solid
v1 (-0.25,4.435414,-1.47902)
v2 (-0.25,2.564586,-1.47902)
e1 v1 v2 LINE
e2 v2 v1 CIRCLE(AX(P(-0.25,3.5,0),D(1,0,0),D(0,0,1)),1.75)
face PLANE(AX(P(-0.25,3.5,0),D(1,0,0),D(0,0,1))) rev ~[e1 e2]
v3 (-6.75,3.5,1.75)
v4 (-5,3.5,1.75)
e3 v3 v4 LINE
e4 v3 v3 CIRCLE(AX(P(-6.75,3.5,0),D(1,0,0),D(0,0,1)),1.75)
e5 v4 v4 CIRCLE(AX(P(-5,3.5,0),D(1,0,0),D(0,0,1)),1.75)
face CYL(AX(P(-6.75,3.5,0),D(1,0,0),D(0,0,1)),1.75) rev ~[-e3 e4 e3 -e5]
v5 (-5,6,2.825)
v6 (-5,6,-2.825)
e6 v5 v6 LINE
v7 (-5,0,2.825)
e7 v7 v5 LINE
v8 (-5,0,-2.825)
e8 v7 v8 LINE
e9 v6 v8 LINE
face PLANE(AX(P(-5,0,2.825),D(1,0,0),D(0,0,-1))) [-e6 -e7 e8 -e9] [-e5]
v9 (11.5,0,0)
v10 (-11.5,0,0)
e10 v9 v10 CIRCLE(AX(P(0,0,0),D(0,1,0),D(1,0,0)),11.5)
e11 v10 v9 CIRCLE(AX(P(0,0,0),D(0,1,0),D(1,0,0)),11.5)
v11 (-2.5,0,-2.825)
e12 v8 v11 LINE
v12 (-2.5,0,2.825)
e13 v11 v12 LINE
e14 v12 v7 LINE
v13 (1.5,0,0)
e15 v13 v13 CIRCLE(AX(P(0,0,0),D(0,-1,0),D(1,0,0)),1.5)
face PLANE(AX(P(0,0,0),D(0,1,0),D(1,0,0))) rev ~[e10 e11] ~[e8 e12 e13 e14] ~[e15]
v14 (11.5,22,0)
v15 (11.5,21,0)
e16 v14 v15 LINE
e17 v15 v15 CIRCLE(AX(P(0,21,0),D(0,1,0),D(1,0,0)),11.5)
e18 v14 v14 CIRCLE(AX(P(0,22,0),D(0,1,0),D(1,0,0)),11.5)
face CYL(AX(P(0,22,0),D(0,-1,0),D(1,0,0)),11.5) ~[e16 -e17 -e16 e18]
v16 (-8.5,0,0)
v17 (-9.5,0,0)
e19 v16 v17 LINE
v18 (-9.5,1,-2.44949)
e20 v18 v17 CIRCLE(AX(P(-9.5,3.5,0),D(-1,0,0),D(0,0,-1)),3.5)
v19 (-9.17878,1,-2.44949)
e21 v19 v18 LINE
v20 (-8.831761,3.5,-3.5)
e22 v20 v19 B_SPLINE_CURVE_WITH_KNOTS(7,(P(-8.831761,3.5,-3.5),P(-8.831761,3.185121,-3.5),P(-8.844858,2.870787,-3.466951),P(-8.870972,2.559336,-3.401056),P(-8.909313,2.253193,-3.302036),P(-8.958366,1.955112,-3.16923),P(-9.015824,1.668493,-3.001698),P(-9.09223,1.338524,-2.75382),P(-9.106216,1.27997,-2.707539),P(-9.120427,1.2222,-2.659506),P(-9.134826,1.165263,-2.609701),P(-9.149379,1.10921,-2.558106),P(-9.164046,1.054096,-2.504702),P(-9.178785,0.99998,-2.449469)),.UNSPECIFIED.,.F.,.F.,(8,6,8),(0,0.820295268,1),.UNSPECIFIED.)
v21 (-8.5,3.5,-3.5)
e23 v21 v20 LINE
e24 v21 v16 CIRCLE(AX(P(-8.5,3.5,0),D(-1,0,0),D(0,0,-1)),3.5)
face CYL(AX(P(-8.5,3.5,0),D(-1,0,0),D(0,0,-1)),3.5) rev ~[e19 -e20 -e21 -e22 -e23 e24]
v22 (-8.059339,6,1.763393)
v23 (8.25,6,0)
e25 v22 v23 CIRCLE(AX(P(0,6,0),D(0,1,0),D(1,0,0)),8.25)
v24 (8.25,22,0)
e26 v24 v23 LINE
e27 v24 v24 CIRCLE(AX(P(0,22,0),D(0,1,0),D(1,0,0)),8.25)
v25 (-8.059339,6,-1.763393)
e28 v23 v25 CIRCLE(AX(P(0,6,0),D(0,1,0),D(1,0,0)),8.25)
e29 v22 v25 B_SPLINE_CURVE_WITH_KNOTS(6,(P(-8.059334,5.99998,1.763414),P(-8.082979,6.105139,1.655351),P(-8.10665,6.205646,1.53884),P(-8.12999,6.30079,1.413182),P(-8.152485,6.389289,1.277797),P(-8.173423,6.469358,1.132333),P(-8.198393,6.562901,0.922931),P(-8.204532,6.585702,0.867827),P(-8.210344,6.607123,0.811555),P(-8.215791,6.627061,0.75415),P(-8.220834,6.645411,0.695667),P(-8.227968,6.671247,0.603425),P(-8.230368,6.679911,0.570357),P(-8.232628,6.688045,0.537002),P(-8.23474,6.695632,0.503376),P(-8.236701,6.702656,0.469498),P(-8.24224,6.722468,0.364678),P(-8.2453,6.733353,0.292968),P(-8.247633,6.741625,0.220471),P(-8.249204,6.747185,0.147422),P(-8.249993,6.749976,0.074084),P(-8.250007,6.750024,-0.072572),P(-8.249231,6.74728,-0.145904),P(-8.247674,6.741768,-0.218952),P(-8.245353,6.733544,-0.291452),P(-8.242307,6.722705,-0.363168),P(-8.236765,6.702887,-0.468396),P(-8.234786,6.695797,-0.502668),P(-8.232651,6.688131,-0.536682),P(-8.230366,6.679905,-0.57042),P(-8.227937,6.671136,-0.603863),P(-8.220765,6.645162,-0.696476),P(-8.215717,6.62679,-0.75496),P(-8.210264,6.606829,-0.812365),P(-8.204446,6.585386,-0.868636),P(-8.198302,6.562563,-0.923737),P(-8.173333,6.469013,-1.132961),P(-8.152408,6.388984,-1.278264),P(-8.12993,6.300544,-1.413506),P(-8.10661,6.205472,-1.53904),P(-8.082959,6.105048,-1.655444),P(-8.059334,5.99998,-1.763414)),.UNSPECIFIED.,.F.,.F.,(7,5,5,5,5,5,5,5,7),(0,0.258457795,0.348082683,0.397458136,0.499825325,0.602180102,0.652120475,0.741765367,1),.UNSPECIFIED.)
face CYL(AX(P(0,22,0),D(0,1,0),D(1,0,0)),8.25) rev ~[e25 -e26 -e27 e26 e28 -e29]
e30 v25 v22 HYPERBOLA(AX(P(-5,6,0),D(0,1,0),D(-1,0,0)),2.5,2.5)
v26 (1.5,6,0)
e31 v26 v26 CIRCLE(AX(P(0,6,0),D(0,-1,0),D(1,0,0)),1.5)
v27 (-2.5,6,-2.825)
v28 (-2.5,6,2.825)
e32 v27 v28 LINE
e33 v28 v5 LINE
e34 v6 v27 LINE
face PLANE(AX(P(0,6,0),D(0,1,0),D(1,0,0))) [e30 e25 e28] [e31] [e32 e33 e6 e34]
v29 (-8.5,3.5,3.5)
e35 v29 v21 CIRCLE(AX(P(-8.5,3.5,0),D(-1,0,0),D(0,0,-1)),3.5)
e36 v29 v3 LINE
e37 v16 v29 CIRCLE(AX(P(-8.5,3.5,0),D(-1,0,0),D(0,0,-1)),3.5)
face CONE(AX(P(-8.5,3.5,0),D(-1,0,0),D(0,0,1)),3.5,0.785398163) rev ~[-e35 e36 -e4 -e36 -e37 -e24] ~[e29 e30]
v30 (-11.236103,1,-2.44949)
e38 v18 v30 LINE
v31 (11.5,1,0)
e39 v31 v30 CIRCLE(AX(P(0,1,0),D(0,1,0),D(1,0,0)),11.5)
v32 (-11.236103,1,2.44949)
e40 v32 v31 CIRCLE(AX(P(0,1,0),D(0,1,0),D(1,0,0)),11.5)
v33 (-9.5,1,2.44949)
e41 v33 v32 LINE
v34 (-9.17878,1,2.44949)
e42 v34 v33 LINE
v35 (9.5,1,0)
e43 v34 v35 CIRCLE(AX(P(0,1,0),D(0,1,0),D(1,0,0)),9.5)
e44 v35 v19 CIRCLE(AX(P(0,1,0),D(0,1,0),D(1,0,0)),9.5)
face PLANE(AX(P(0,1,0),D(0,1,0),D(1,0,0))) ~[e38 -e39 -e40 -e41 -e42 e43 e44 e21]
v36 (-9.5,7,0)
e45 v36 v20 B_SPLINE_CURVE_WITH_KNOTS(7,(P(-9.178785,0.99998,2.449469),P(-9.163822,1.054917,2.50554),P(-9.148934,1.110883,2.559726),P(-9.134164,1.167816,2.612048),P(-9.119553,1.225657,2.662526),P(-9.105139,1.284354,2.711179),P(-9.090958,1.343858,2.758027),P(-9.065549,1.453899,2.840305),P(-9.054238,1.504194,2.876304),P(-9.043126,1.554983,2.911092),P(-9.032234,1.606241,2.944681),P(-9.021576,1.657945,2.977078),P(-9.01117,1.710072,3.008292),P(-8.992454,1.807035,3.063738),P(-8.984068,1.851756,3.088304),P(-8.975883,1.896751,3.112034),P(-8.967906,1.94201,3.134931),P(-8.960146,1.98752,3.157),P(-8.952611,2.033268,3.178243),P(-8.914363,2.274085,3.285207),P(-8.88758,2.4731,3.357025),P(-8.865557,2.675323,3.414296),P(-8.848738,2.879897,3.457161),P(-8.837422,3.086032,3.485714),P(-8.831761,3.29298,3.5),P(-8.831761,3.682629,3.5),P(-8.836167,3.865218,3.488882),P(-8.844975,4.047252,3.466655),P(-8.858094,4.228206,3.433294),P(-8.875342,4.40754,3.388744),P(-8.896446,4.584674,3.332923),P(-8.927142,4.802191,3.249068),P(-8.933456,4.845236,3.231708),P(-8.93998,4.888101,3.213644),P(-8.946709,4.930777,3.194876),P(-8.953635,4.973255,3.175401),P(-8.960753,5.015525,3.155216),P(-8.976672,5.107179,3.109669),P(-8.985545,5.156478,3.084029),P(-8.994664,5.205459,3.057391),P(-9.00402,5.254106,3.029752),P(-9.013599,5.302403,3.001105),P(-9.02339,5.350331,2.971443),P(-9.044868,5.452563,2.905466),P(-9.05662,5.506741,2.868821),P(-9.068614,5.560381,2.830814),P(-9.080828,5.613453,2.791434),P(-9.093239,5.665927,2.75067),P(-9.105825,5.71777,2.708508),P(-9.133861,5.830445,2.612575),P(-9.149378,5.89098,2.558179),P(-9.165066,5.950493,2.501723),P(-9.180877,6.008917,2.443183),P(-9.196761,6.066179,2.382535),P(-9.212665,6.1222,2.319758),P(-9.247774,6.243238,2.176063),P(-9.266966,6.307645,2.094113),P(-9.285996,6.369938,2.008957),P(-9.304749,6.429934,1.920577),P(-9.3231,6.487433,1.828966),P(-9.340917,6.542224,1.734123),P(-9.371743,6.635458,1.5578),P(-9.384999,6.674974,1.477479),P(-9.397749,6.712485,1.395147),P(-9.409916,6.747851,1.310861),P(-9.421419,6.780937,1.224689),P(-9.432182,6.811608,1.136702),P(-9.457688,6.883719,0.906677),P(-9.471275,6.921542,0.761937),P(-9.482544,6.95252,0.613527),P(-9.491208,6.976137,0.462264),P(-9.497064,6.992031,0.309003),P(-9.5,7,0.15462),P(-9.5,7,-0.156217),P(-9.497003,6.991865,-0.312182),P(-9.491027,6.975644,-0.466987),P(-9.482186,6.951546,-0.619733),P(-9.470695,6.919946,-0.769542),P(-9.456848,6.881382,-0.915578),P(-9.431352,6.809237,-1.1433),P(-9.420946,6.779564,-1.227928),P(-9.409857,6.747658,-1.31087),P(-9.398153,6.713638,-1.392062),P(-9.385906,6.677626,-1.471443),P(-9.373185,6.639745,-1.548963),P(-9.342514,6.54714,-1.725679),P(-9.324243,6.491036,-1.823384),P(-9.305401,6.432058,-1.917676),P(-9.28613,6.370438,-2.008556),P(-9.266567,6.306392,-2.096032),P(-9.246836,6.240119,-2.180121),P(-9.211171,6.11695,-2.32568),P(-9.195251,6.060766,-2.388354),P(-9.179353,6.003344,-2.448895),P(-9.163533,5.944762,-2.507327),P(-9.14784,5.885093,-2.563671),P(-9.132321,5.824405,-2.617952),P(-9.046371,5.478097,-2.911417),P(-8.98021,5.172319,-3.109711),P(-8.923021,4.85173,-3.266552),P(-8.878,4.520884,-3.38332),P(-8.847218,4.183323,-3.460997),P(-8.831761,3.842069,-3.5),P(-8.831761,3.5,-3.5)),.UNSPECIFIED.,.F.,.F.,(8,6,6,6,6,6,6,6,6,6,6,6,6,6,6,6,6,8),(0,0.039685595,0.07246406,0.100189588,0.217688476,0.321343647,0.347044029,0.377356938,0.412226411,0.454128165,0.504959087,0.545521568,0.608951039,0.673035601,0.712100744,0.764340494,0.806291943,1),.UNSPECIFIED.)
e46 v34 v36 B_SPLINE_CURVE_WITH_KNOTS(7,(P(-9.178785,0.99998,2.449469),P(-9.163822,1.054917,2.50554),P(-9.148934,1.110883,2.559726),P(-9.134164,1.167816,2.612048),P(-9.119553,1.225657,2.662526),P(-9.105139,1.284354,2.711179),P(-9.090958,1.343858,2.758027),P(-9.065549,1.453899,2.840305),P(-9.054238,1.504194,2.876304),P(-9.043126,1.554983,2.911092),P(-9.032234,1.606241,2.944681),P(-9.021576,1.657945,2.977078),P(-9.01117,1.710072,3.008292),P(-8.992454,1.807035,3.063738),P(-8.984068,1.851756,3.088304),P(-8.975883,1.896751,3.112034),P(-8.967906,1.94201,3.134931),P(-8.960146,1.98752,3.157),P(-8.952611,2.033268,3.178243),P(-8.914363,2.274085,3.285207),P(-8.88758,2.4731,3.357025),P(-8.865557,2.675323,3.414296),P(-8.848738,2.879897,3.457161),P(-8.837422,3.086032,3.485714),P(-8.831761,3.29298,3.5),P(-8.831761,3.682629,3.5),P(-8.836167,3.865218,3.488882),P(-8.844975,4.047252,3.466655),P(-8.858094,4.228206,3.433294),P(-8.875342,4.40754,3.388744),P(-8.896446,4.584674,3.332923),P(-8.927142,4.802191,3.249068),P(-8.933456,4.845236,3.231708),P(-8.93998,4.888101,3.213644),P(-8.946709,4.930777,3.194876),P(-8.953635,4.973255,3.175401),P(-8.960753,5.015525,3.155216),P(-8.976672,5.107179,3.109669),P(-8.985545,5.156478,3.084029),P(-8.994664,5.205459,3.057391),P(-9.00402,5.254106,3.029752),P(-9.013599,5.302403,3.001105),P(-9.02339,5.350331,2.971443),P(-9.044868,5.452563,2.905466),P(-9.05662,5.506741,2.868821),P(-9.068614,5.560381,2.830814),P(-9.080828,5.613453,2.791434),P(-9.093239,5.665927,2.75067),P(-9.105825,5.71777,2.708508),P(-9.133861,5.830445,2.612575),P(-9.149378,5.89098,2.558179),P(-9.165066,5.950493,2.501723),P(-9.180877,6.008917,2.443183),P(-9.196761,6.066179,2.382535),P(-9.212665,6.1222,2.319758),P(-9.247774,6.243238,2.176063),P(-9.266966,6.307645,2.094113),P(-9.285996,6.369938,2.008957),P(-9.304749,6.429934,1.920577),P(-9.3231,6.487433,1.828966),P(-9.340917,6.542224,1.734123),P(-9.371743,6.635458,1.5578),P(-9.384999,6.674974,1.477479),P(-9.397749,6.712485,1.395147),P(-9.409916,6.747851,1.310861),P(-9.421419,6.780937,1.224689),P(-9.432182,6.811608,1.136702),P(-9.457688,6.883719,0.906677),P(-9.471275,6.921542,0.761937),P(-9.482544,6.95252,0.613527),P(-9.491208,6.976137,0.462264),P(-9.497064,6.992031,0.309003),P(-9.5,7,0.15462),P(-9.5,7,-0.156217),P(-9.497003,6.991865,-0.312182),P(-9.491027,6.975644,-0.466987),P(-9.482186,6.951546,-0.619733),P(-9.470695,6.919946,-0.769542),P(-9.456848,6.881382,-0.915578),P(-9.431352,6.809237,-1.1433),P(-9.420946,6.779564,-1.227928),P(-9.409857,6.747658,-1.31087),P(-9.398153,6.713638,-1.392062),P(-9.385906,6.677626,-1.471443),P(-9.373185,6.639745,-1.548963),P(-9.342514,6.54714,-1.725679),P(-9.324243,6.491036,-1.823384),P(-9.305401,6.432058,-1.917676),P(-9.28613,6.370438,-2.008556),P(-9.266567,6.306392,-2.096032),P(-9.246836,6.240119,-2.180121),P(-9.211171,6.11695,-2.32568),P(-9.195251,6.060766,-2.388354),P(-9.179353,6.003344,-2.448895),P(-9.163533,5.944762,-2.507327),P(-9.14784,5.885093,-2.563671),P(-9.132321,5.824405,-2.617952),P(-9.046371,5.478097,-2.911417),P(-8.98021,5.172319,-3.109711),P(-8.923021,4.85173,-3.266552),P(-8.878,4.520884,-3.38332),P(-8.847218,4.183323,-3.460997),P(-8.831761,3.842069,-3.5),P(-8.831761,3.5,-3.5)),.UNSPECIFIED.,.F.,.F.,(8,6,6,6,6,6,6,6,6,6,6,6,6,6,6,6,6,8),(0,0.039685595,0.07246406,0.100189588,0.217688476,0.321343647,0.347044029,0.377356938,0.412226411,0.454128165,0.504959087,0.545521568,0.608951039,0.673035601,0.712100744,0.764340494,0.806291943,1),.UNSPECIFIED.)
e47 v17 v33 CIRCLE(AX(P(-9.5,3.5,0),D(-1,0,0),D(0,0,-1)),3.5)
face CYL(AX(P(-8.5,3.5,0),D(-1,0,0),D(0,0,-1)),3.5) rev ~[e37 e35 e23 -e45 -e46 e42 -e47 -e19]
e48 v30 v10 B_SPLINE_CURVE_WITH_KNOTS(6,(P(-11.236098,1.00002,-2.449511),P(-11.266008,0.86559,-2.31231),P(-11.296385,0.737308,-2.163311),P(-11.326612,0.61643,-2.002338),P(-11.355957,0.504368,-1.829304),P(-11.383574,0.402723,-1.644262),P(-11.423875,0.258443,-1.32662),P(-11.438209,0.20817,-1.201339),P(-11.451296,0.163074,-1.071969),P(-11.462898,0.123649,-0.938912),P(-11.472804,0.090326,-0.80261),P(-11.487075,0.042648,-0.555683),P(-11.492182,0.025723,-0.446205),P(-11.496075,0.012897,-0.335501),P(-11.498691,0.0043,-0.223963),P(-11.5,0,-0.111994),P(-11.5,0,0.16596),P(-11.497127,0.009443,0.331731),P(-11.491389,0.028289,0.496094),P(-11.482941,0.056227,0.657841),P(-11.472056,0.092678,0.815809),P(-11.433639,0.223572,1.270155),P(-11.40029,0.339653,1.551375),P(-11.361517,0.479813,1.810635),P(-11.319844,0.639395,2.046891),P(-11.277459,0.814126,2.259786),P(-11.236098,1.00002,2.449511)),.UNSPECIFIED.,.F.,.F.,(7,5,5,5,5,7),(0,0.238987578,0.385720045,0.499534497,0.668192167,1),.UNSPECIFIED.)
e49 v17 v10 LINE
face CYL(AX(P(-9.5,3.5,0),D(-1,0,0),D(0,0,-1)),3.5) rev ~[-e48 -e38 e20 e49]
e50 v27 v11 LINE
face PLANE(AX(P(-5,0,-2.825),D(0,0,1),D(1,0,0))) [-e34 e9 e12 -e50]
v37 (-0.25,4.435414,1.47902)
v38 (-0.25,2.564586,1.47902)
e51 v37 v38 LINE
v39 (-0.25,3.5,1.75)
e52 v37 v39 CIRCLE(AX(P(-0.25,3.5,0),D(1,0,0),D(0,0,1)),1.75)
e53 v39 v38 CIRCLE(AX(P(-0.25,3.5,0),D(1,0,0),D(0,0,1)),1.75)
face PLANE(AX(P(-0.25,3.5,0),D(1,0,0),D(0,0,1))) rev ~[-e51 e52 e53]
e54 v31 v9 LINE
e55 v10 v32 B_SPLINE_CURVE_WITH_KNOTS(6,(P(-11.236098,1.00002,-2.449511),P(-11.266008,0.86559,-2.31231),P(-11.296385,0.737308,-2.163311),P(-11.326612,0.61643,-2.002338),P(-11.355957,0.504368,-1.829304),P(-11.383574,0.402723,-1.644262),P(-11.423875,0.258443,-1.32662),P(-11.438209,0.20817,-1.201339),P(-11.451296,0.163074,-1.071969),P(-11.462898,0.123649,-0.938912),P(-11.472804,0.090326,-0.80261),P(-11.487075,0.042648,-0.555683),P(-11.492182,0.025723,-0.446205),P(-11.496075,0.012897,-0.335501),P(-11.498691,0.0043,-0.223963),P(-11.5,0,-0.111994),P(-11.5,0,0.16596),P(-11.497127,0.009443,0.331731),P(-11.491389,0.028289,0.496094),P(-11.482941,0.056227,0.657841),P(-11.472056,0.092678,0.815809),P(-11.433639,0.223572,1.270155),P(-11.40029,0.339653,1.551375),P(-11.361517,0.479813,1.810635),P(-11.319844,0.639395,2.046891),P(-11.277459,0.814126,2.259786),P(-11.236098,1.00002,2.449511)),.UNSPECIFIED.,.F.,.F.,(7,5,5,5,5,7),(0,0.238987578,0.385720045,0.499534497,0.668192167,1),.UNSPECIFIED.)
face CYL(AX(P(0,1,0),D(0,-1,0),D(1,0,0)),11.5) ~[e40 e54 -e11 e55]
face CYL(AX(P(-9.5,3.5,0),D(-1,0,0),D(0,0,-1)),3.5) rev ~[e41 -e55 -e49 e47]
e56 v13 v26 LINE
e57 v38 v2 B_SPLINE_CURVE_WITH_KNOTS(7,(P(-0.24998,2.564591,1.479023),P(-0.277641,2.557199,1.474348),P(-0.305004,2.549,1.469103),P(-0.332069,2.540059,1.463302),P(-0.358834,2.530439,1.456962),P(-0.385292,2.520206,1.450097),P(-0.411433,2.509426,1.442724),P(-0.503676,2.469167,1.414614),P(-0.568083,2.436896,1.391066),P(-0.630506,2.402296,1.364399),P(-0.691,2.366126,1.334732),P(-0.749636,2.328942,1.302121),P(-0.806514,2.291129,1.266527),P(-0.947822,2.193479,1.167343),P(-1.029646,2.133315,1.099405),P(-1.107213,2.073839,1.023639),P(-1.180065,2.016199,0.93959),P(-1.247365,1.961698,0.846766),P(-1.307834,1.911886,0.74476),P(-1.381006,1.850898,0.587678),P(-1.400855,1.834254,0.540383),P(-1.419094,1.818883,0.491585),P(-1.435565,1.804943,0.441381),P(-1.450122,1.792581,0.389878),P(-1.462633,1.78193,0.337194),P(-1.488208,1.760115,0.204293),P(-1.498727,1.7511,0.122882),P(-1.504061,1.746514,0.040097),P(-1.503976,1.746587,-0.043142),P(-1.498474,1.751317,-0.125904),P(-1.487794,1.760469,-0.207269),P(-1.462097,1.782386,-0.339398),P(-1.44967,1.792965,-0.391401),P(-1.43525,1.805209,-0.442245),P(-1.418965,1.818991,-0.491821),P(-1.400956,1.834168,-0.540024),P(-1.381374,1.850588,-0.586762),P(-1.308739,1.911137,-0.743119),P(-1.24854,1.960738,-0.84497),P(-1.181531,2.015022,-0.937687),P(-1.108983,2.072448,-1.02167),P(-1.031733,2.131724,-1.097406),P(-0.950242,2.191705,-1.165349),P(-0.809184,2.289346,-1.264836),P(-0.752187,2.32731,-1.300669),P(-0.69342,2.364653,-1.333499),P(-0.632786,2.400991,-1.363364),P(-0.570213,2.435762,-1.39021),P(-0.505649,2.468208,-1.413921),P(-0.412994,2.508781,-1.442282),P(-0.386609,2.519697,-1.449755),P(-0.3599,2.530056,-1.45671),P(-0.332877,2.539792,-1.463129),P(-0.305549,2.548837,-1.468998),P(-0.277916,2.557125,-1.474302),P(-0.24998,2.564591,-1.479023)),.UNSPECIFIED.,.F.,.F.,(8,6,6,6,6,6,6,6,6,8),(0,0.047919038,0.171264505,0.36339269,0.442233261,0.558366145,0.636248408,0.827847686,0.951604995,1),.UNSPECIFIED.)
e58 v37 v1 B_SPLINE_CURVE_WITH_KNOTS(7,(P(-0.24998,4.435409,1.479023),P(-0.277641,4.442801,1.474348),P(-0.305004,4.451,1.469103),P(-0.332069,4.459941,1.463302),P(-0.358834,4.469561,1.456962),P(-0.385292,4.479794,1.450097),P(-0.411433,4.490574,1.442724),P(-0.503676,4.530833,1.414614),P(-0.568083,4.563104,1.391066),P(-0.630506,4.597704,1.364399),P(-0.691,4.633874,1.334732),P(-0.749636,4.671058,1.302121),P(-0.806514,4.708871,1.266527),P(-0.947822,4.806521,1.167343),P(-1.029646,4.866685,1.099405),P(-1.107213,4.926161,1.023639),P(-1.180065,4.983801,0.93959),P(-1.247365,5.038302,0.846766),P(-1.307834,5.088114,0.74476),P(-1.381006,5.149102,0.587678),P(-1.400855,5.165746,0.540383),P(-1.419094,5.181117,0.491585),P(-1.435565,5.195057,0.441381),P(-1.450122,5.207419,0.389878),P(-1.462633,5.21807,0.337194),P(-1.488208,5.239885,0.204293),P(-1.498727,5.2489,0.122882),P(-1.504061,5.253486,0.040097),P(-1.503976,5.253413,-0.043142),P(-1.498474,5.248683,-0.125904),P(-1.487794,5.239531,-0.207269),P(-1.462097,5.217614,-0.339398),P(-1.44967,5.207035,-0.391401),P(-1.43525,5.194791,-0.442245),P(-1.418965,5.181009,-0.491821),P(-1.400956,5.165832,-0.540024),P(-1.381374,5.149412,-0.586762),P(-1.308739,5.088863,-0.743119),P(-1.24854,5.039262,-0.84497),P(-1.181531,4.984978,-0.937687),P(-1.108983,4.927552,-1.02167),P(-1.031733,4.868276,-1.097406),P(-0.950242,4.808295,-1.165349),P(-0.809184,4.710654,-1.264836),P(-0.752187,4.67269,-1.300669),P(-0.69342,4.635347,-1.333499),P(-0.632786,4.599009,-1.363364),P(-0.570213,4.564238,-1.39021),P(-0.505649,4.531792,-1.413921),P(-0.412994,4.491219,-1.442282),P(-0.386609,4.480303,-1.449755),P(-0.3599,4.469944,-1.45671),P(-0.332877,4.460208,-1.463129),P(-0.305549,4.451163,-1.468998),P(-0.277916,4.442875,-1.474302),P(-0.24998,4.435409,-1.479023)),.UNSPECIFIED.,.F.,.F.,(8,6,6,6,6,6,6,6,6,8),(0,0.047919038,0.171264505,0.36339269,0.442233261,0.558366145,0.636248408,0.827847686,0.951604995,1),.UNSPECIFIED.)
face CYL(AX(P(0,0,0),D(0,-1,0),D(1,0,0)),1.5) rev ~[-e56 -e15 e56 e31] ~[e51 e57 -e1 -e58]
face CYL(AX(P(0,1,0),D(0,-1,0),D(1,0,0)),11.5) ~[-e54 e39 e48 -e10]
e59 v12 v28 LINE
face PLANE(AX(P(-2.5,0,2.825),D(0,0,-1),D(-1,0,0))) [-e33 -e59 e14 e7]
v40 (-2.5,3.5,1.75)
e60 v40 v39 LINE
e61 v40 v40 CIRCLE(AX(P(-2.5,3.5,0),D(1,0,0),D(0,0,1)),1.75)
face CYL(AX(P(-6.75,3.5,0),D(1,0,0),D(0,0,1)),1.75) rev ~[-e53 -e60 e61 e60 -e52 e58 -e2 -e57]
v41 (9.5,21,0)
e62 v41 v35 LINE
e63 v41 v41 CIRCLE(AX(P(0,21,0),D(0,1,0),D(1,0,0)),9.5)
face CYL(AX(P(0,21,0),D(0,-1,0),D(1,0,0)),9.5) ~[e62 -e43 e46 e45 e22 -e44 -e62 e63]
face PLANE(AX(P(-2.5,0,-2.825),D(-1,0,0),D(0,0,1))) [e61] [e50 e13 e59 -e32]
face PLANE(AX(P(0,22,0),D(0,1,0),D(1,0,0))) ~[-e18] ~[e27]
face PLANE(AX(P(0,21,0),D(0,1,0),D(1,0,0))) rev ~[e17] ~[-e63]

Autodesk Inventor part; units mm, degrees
ref_plane "XZ Plane" through (0, 0, 0) normal (0, 1, 0) x (-1, 0, 0)
ref_plane "XY Plane" through (0, 0, 0) normal (0, 0, 1) x (1, 0, 0)
sketch "Sketch1" plane through (0, 0, 0) normal (0, 0, 1) x (1, 0, 0)
  line L0 (0, 0) -> (0, 22)
  line L1 (0, 22) -> (11.5, 22)
  line L2 (11.5, 22) -> (11.5, 21)
  line L3 (11.5, 21) -> (9.5, 21)
  line L4 (9.5, 21) -> (9.5, 1)
  line L5 (9.5, 1) -> (11.5, 1)
  line L6 (11.5, 1) -> (11.5, 0)
  line L7 (11.5, 0) -> (0, 0)
  point P0 (5.75, 0)
  dimension "d0" = 22
  dimension "d1" = 20
  dimension "d2" = 1
  dimension "d3" = 23
  dimension "d4" = 19
revolve "Revolution1" add sketch "Sketch1" angle 360 about axis through (0, 0, 0) along (0, 1, 0)
sketch "Sketch3" plane through (0, 22, 0) normal (0, 1, 0) x (1, 0, 0)
  circle A0 centre (0, 0) radius 8.25
  dimension "d6" = 16.5
extrude "Extrusion1" cut sketch "Sketch3" against normal blind 16
sketch "Sketch4" plane through (0, 0, 0) normal (0, -1, 0) x (1, 0, 0)
  circle A0 centre (0, 0) radius 1.5
  dimension "d9" = 3
extrude "Extrusion2" cut sketch "Sketch4" against normal through all
ref_plane "Work Plane1" through (-9.5, 11, 0) normal (1, 0, 0) x (0, 1, 0)
sketch "Sketch7" plane through (-9.5, 11, 0) normal (1, 0, 0) x (0, 1, 0)
  line L0 (-11, -11.5) -> (-11, 11.5) projected
  point P0 (-11, 0)
  point P1 (-7.5, 0)
  point P2 (-11, 0)
  dimension "d42" = 3.5
hole "Hole2" at (-9.5, 3.5, 0) direction (-1, 0, 0) diameter 7 end through all
sketch "Sketch8" plane through (-11.5, 0, 0) normal (0, -1, 0) x (1, 0, 0)
  line L0 (6.5, -2.825) -> (9, -2.825)
  line L1 (9, -2.825) -> (9, 2.825)
  line L2 (9, 2.825) -> (6.5, 2.825)
  line L3 (6.5, 2.825) -> (6.5, -2.825)
  circle A0 centre (11.5, 0) radius 9.5 projected
  point P0 (2.235, 2.1)
  point P1 (2.235, -2.1)
  dimension "d58" = 2.5
  dimension "d60" = 2.825
  dimension "d61" = 5.65
  dimension "d62" = 2.5
extrude "Extrusion6" cut sketch "Sketch8" along normal through all both and the other way through all contours L3 L2 L1 L0
ref_plane "Work Plane3" through (-8.5, 11, 0) normal (1, 0, 0) x (0, 1, 0)
sketch "Sketch9" plane through (-8.5, 11, 0) normal (1, 0, 0) x (0, 1, 0)
  point P0 (-11, 0)
  point P1 (-7.5, 0)
hole "Hole3" at (-8.5, 3.5, 0) direction (-1, 0, 0) diameter 7 end through all
hole "Hole4" at (-8.5, 3.5, 0) direction (1, 0, 0) diameter 3.5 depth 8.25 countersink diameter 7 countersink angle 90
properties part number "motor JS2622 jsumo"
